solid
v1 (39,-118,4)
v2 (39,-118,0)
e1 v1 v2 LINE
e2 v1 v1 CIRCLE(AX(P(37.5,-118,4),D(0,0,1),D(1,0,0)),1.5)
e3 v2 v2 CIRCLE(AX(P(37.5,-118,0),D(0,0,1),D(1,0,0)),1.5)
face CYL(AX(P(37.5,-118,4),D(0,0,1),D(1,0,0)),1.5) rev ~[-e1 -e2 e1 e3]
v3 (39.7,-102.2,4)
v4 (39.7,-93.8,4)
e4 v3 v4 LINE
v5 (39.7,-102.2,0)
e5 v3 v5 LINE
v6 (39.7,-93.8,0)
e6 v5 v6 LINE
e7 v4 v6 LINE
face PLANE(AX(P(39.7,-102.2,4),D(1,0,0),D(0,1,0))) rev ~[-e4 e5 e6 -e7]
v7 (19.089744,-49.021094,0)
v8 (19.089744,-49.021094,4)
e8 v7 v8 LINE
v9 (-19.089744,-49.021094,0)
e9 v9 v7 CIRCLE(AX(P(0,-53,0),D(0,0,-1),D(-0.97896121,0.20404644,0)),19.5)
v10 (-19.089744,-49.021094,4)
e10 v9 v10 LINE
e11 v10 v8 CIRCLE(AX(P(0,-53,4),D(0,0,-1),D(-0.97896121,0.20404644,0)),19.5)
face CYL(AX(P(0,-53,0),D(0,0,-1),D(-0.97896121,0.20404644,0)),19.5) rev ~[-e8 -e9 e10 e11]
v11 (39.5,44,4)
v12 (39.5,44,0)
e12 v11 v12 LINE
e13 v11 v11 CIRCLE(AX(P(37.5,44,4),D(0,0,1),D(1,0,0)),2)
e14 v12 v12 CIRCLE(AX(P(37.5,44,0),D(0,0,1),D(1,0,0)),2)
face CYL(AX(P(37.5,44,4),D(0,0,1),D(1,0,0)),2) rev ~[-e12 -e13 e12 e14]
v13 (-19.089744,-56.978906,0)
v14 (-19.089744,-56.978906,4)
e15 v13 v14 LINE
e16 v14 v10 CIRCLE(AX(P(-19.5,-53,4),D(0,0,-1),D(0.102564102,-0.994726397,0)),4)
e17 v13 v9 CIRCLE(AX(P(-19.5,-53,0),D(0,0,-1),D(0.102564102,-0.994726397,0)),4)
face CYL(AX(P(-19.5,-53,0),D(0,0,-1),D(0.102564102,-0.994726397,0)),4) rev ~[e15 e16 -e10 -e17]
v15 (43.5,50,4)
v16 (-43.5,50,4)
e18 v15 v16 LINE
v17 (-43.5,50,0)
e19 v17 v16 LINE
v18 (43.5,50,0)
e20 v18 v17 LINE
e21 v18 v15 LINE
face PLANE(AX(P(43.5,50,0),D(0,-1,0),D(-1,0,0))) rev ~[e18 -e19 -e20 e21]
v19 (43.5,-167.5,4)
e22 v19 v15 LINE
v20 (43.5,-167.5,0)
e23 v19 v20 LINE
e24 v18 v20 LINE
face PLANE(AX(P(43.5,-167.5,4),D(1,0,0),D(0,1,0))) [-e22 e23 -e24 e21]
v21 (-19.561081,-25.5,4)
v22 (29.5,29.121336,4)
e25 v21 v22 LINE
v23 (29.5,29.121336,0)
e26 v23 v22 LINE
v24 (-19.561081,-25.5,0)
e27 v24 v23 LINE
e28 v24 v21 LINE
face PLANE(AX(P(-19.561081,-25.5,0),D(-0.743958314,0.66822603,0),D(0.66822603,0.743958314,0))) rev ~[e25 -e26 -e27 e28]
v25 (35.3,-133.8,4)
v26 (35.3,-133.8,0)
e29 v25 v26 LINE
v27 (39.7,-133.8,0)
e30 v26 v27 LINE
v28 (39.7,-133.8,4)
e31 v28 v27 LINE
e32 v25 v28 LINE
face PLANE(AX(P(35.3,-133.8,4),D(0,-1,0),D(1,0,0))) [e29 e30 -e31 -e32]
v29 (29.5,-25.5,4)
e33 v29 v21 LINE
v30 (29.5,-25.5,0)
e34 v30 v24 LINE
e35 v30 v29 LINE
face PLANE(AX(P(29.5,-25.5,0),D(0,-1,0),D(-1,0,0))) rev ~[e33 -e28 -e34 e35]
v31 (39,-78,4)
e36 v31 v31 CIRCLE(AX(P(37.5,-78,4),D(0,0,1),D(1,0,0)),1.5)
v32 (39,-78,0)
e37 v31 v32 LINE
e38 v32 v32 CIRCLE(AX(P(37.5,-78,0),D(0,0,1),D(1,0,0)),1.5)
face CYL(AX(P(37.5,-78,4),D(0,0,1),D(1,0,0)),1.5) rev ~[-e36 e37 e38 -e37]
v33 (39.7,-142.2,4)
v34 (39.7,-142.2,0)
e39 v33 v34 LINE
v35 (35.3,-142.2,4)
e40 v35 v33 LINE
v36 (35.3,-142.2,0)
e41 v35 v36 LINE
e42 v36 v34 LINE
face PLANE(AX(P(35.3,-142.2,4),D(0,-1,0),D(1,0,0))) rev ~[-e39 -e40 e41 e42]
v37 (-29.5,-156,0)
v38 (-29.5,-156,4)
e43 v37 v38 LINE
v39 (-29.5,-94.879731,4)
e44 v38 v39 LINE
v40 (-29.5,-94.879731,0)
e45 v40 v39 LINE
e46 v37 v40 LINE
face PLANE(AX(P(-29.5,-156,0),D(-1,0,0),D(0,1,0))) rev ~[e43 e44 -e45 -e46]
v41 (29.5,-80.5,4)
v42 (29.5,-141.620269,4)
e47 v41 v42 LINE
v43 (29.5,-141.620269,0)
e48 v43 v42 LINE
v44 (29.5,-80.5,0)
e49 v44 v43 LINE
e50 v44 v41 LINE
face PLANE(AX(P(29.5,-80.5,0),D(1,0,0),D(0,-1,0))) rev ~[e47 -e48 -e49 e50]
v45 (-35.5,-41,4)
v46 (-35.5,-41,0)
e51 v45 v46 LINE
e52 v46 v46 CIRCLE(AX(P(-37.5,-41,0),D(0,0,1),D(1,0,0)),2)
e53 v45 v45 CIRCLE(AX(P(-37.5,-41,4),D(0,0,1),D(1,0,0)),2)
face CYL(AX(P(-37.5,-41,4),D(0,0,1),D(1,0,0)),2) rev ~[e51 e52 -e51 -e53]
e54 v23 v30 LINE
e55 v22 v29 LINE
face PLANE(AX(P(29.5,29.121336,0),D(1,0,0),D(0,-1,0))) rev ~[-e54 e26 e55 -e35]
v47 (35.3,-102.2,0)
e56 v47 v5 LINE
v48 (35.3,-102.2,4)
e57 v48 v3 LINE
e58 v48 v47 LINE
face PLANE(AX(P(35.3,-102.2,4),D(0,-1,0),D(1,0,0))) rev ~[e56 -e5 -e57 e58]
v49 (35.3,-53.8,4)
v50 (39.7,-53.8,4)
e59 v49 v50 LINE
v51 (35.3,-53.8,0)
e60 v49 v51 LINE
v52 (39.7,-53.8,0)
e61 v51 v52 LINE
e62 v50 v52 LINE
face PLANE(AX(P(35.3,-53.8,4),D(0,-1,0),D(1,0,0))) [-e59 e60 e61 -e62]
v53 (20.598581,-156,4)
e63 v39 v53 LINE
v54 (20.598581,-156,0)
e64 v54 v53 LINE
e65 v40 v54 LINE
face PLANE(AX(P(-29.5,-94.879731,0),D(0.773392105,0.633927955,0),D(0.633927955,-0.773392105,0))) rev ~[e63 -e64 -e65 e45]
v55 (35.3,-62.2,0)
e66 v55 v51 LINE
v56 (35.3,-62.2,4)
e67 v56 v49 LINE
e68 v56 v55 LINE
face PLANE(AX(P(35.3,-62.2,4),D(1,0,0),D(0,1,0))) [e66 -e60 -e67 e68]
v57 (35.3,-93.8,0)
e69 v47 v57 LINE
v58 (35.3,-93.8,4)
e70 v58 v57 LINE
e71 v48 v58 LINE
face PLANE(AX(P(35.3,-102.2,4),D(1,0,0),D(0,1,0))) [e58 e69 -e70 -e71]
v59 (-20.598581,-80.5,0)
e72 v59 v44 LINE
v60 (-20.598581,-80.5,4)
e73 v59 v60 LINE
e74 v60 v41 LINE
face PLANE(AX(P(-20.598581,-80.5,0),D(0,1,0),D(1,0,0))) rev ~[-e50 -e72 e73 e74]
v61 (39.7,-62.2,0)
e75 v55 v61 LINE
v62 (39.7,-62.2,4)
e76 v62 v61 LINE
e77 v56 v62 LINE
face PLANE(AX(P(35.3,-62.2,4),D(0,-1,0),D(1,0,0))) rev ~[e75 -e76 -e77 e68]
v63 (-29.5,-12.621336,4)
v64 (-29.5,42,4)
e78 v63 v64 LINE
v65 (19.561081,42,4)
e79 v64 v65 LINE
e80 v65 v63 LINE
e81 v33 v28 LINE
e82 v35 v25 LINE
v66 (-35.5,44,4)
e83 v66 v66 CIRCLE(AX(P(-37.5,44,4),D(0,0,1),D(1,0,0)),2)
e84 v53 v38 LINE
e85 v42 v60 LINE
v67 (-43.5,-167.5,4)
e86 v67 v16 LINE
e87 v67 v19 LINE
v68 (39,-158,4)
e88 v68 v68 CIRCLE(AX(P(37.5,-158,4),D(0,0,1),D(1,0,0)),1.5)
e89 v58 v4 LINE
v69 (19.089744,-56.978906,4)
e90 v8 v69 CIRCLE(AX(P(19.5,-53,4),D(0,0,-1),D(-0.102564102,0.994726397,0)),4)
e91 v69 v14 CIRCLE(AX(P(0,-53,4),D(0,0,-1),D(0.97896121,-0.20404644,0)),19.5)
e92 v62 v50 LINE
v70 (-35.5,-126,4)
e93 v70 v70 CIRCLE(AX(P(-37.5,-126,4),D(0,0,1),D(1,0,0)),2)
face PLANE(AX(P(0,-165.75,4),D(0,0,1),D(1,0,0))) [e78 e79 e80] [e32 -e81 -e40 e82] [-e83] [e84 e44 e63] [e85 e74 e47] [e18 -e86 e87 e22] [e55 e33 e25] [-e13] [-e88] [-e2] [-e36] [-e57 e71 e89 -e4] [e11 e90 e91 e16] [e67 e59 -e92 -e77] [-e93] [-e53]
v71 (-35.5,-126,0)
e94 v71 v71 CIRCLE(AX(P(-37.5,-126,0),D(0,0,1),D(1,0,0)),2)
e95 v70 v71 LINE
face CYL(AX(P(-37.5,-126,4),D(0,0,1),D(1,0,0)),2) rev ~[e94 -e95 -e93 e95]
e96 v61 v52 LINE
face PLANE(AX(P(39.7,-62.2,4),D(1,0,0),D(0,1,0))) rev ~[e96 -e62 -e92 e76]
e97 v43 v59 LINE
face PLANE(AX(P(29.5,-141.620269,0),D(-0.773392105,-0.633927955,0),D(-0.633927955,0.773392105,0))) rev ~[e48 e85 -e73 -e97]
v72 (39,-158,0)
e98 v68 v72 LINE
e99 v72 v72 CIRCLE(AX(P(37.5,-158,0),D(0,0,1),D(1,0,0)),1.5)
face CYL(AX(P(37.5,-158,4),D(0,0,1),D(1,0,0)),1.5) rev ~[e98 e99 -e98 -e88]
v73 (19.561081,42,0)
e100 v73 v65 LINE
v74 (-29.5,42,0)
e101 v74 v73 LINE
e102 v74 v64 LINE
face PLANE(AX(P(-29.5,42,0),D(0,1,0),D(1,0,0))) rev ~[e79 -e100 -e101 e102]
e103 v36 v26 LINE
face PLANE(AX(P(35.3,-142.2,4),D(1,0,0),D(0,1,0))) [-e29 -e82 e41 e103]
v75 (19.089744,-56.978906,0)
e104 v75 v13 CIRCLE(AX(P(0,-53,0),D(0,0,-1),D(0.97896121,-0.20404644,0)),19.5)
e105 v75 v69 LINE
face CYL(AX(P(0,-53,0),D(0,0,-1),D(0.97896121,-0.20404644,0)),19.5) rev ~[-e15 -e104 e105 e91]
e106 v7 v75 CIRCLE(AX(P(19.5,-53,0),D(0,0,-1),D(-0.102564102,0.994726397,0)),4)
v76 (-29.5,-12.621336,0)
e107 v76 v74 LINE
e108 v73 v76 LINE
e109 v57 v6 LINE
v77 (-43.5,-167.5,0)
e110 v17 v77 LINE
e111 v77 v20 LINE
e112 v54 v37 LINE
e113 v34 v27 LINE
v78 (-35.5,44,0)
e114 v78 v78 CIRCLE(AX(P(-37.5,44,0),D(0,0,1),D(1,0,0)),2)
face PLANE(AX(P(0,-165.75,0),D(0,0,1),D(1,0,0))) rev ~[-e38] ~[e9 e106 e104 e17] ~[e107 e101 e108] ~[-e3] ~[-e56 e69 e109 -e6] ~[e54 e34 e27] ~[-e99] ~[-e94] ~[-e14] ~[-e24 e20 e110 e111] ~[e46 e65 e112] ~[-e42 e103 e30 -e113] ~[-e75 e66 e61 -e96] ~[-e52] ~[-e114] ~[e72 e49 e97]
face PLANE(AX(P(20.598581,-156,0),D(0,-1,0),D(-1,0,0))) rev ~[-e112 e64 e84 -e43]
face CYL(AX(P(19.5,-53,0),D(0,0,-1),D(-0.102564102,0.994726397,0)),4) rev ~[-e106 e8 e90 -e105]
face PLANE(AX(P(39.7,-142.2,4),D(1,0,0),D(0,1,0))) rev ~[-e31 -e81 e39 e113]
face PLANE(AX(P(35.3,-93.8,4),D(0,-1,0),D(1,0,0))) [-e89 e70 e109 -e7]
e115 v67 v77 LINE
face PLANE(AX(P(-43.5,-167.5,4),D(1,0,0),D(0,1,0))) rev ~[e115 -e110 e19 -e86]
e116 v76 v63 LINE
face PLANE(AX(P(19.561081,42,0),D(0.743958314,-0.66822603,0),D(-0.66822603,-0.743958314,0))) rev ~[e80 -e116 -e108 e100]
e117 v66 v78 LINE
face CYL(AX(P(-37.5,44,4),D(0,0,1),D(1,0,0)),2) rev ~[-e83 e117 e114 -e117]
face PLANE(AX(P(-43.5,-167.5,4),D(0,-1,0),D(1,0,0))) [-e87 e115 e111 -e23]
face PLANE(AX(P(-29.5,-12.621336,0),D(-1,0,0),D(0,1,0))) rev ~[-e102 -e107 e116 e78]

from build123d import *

# Parameters (mm, degrees)
EXTRUDE_1_DEPTH     = 4
SKETCH_2_R          = 1.5
SKETCH_2_R_2        = 2
SKETCH_2_W          = 4.4
SKETCH_2_H          = 8.4
CUT_EXTRUDE_1_DEPTH = 4
SKETCH_3_W          = 87
SKETCH_3_H          = 3.5
EXTRUDE_2_DEPTH     = 4


with BuildPart() as part:
    # 草图1 → 凸台-拉伸1 (new body)
    with BuildSketch(Plane.XY):
        Polygon((37.5, 50), (-37.5, 50), (-43.5, 50), (-43.5, -57), (-43.5, -164), (-37.5, -164), (37.5, -164), (43.5, -164), (43.5, -57), (43.5, 50), align=None)
        Polygon((-29.5, -156), (-29.5, -94.879730583), (20.598581489, -156), align=None, mode=Mode.SUBTRACT)
        Polygon((-20.598581489, -80.5), (29.5, -80.5), (29.5, -141.620269417), align=None, mode=Mode.SUBTRACT)
        with BuildLine():
            ThreePointArc((-19.08974359, -49.021094412), (0, -33.5), (19.08974359, -49.021094412))
            ThreePointArc((19.08974359, -49.021094412), (23.5, -53), (19.08974359, -56.978905588))
            ThreePointArc((19.08974359, -56.978905588), (0, -72.5), (-19.08974359, -56.978905588))
            ThreePointArc((-19.08974359, -56.978905588), (-23.5, -53), (-19.08974359, -49.021094412))
        make_face(mode=Mode.SUBTRACT)
        Polygon((-29.5, 42), (19.561080579, 42), (-29.5, -12.621336377), align=None, mode=Mode.SUBTRACT)
        Polygon((-19.561080579, -25.5), (29.5, 29.121336377), (29.5, -25.5), align=None, mode=Mode.SUBTRACT)
    extrude(amount=EXTRUDE_1_DEPTH)

    # 草图2 → 切除-拉伸1 (cut)
    with BuildSketch(Plane.XY.offset(4)):
        with Locations((37.5, -158)):
            Circle(SKETCH_2_R)
        with Locations((37.5, -78)):
            Circle(SKETCH_2_R)
        with Locations((37.5, -118)):
            Circle(SKETCH_2_R)
        with Locations((37.5, 44)):
            Circle(SKETCH_2_R_2)
        with Locations((-37.5, 44)):
            Circle(SKETCH_2_R_2)
        with Locations((-37.5, -41)):
            Circle(SKETCH_2_R_2)
        with Locations((-37.5, -126)):
            Circle(SKETCH_2_R_2)
        with Locations((37.5, -138)):
            Rectangle(SKETCH_2_W, SKETCH_2_H)
        with Locations((37.5, -98)):
            Rectangle(SKETCH_2_W, SKETCH_2_H)
        with Locations((37.5, -58)):
            Rectangle(SKETCH_2_W, SKETCH_2_H)
    extrude(amount=-CUT_EXTRUDE_1_DEPTH, mode=Mode.SUBTRACT)

    # 草图3 → 凸台-拉伸2 (add)
    with BuildSketch(Plane.XY.offset(4)):
        with Locations((0, -165.75)):
            Rectangle(SKETCH_3_W, SKETCH_3_H)
    extrude(amount=-EXTRUDE_2_DEPTH)


solid = part.part
